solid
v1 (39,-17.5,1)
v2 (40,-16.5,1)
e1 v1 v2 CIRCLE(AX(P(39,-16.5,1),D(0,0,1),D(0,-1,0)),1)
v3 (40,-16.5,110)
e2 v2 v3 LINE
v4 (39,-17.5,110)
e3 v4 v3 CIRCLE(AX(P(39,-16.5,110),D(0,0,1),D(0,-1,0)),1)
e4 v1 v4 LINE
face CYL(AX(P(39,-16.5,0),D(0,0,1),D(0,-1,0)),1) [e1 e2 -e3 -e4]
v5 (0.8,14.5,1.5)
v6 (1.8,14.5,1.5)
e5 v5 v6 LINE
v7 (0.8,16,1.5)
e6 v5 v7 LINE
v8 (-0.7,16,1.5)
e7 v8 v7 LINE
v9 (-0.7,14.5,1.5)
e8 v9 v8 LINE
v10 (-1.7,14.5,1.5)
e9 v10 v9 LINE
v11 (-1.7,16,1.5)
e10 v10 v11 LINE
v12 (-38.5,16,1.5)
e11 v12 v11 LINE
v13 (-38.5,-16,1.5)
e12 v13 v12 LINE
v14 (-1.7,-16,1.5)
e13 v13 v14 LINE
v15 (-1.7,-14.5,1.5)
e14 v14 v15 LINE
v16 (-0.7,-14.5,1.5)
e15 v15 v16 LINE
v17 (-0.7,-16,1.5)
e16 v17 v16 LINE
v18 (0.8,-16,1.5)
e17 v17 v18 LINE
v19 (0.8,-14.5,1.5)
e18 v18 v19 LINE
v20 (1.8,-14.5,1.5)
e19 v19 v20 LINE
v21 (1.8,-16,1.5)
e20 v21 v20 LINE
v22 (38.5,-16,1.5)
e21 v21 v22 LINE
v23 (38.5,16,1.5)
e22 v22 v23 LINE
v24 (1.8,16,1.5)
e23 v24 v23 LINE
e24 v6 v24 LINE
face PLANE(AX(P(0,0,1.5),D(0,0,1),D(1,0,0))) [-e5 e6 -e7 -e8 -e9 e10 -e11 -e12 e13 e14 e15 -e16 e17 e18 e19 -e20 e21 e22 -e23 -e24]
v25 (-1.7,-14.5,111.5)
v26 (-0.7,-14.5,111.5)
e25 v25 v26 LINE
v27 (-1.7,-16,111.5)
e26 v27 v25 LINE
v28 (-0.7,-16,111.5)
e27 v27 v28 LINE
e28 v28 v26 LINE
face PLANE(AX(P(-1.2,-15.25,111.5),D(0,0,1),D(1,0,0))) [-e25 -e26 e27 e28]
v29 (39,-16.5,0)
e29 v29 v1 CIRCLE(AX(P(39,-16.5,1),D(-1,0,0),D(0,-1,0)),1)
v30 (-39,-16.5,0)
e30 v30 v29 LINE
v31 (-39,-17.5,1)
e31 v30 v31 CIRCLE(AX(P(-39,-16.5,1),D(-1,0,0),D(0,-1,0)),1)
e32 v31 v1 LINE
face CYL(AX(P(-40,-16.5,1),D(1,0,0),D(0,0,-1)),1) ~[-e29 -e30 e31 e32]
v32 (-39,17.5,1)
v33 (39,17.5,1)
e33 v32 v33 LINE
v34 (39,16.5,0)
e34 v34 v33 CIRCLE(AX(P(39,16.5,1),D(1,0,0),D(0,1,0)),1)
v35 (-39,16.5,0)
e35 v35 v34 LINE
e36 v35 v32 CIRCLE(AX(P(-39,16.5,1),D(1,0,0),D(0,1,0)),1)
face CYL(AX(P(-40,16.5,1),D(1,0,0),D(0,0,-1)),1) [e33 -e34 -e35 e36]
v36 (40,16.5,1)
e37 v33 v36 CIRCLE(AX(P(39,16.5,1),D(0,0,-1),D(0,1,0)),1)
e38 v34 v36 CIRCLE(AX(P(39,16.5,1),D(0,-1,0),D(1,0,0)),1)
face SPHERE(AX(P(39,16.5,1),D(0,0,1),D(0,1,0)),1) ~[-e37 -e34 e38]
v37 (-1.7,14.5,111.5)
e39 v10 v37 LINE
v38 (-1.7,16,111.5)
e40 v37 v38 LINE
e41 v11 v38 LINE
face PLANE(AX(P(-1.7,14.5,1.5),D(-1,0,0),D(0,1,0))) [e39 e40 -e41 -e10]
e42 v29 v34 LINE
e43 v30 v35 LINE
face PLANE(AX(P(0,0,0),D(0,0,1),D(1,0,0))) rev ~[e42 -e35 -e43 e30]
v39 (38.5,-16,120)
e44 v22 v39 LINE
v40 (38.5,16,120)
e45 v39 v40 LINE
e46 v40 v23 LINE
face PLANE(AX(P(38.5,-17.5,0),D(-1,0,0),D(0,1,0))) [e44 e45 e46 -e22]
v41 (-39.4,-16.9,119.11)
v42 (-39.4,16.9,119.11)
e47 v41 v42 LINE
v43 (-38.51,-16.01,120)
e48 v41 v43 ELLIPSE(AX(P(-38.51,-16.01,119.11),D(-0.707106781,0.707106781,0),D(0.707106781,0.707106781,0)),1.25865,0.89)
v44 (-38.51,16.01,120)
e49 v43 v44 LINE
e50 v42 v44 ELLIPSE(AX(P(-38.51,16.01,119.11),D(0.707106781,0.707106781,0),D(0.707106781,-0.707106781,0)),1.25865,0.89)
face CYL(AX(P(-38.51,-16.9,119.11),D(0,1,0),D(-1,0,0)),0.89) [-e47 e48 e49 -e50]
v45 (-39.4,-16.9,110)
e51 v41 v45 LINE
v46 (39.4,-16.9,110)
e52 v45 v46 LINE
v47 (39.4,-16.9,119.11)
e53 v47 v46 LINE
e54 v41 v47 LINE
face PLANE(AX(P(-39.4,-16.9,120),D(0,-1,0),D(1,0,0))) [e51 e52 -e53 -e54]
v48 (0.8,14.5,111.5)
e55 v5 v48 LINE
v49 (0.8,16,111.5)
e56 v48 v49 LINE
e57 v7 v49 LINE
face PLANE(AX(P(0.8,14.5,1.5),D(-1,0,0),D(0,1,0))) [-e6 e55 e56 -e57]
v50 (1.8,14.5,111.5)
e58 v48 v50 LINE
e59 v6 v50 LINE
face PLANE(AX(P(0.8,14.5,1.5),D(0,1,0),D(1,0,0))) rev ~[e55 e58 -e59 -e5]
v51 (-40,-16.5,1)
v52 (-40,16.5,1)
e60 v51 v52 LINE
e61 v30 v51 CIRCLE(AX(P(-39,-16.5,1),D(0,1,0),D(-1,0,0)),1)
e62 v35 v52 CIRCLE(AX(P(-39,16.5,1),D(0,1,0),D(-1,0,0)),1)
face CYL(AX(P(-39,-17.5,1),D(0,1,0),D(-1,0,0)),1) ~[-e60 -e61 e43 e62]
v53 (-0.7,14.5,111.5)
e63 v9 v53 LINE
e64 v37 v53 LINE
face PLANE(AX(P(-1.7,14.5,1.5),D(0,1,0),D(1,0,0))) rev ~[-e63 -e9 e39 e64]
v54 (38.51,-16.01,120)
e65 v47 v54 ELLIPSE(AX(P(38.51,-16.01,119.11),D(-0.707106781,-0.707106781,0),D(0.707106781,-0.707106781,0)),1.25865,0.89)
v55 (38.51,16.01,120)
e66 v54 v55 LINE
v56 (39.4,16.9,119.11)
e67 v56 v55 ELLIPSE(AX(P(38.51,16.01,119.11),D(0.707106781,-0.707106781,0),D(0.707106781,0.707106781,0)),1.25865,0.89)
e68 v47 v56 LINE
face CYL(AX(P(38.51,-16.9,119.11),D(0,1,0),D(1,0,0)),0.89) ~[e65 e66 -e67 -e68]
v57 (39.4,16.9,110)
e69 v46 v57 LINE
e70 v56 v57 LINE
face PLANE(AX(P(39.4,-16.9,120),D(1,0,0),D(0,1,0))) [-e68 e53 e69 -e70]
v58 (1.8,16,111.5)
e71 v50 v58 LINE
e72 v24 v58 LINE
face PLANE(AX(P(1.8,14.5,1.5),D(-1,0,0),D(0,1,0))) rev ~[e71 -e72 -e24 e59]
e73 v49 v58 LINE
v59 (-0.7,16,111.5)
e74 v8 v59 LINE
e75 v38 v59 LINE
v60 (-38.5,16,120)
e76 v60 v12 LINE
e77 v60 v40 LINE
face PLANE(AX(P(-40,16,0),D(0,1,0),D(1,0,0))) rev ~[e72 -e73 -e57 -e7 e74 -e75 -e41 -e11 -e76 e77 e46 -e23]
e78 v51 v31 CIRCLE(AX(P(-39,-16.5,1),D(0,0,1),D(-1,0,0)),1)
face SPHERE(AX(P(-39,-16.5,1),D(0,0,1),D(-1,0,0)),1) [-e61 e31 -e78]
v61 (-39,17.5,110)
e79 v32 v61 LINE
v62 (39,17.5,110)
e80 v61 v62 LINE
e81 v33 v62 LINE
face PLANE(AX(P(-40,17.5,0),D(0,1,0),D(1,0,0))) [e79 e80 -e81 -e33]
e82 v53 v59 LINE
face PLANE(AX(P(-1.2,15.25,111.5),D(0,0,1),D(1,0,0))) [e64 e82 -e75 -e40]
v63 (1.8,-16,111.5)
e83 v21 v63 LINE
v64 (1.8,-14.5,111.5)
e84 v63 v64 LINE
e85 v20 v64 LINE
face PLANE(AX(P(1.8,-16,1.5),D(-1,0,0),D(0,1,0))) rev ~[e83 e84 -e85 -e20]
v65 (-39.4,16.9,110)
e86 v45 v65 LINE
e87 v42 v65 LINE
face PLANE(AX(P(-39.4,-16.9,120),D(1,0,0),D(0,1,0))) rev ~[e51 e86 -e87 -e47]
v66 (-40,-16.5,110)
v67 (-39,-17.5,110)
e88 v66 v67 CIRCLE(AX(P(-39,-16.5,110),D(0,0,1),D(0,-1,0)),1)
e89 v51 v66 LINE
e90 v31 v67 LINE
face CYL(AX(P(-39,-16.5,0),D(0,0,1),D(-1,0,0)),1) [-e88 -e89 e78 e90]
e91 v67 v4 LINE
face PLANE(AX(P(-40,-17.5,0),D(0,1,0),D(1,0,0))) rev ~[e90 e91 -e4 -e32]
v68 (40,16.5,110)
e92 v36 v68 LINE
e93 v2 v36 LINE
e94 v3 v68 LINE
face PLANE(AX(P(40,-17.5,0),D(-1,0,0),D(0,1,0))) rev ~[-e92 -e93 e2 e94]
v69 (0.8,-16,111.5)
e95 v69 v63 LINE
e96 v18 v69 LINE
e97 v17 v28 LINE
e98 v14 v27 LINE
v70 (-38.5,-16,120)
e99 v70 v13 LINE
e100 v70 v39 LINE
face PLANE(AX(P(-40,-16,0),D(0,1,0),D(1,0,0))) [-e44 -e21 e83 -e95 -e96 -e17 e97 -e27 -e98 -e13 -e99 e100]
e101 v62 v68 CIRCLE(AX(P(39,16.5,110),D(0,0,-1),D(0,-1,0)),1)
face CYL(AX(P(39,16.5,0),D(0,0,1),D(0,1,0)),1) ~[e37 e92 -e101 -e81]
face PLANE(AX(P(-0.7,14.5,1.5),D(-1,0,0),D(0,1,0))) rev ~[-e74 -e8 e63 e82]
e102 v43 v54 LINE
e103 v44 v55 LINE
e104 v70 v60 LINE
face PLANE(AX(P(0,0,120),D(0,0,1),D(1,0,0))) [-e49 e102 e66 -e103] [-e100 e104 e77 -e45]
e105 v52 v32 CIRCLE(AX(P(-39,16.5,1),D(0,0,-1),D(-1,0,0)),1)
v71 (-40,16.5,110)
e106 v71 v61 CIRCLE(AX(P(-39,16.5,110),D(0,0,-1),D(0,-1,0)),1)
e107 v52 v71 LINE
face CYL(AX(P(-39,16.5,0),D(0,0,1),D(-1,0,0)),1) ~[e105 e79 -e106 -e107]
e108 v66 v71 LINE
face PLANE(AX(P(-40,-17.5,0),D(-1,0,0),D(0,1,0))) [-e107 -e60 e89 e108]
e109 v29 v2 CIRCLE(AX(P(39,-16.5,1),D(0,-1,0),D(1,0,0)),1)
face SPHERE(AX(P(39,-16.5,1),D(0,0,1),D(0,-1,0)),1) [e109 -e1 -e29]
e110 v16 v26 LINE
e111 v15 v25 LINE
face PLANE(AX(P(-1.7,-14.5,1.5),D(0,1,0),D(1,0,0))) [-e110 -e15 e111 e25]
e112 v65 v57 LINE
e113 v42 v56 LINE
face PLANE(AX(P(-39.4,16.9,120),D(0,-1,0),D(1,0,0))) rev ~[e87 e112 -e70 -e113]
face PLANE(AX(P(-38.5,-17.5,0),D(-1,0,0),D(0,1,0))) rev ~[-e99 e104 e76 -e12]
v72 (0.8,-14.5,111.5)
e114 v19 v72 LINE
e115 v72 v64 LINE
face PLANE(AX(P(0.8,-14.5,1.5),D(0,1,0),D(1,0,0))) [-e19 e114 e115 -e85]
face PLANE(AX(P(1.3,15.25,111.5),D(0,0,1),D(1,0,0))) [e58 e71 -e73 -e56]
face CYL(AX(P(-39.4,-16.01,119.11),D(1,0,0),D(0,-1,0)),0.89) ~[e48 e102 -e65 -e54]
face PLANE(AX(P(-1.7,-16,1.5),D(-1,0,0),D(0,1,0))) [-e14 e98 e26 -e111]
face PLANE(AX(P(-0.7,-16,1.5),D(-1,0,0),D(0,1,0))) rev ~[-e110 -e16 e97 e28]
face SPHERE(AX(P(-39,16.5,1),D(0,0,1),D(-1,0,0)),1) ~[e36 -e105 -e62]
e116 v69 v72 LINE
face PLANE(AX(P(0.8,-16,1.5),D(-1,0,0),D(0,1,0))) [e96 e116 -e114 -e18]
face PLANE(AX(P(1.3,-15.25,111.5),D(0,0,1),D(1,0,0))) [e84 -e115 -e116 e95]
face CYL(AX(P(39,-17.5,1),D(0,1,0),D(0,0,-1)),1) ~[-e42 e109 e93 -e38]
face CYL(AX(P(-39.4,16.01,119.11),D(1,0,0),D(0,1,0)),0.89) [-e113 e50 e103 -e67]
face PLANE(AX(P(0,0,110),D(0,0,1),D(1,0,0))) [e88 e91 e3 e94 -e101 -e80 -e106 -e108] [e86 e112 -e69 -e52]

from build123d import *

# Parameters (mm, degrees)
SKETCH_W      = 80
SKETCH_H      = 35
PAD_DEPTH     = 120
THICKNESS_T   = -1.5
SKETCH001_W   = 80
SKETCH001_H   = 35
SKETCH001_W_2 = 78.8
SKETCH001_H_2 = 33.8
POCKET_DEPTH  = 10
FILLET001_R   = 1
SKETCH003_W   = 1
SKETCH003_H   = 1.5
PAD002_DEPTH  = 110
FILLET002_R   = 0.89


with BuildPart() as part:
    # Sketch → Pad (new body)
    with BuildSketch(Plane.XY):
        Rectangle(SKETCH_W, SKETCH_H)
    extrude(amount=PAD_DEPTH)

    # Thickness
    thickness_openings = [part.faces().sort_by_distance(p)[0] for p in [
        (0, 0, 120),
    ]]
    offset(amount=THICKNESS_T, openings=thickness_openings)

    # Sketch001 (on Face6 of Thickness) → Pocket (cut)
    with BuildSketch(Plane.XY.offset(120)):
        Rectangle(SKETCH001_W, SKETCH001_H)
        Rectangle(SKETCH001_W_2, SKETCH001_H_2, mode=Mode.SUBTRACT)
    extrude(amount=-POCKET_DEPTH, mode=Mode.SUBTRACT)

    # Fillet001
    fillet001_edges = [part.edges().sort_by_distance(p)[0] for p in [
        (40, -17.5, 55),
        (40, 17.5, 55),
        (-40, -17.5, 55),
        (-40, 17.5, 55),
        (-40, 0, 0),
        (0, -17.5, 0),
        (0, 17.5, 0),
        (40, 0, 0),
    ]]
    fillet(fillet001_edges, radius=FILLET001_R)

    # Sketch003 (on Face28 of Fillet001) → Pad002 (join)
    with BuildSketch(Plane.XY.offset(1.5)):
        with Locations((1.3, 15.25)):
            Rectangle(SKETCH003_W, SKETCH003_H)
        with Locations((-1.2, -15.25)):
            Rectangle(SKETCH003_W, SKETCH003_H)
        with Locations((1.3, -15.25)):
            Rectangle(SKETCH003_W, SKETCH003_H)
        with Locations((-1.2, 15.25)):
            Rectangle(SKETCH003_W, SKETCH003_H)
    extrude(amount=PAD002_DEPTH)

    # Fillet002
    fillet002_edges = [part.edges().sort_by_distance(p)[0] for p in [
        (0, -16.9, 120),
        (39.4, 0, 120),
        (0, 16.9, 120),
        (-39.4, 0, 120),
    ]]
    fillet(fillet002_edges, radius=FILLET002_R)


solid = part.part
